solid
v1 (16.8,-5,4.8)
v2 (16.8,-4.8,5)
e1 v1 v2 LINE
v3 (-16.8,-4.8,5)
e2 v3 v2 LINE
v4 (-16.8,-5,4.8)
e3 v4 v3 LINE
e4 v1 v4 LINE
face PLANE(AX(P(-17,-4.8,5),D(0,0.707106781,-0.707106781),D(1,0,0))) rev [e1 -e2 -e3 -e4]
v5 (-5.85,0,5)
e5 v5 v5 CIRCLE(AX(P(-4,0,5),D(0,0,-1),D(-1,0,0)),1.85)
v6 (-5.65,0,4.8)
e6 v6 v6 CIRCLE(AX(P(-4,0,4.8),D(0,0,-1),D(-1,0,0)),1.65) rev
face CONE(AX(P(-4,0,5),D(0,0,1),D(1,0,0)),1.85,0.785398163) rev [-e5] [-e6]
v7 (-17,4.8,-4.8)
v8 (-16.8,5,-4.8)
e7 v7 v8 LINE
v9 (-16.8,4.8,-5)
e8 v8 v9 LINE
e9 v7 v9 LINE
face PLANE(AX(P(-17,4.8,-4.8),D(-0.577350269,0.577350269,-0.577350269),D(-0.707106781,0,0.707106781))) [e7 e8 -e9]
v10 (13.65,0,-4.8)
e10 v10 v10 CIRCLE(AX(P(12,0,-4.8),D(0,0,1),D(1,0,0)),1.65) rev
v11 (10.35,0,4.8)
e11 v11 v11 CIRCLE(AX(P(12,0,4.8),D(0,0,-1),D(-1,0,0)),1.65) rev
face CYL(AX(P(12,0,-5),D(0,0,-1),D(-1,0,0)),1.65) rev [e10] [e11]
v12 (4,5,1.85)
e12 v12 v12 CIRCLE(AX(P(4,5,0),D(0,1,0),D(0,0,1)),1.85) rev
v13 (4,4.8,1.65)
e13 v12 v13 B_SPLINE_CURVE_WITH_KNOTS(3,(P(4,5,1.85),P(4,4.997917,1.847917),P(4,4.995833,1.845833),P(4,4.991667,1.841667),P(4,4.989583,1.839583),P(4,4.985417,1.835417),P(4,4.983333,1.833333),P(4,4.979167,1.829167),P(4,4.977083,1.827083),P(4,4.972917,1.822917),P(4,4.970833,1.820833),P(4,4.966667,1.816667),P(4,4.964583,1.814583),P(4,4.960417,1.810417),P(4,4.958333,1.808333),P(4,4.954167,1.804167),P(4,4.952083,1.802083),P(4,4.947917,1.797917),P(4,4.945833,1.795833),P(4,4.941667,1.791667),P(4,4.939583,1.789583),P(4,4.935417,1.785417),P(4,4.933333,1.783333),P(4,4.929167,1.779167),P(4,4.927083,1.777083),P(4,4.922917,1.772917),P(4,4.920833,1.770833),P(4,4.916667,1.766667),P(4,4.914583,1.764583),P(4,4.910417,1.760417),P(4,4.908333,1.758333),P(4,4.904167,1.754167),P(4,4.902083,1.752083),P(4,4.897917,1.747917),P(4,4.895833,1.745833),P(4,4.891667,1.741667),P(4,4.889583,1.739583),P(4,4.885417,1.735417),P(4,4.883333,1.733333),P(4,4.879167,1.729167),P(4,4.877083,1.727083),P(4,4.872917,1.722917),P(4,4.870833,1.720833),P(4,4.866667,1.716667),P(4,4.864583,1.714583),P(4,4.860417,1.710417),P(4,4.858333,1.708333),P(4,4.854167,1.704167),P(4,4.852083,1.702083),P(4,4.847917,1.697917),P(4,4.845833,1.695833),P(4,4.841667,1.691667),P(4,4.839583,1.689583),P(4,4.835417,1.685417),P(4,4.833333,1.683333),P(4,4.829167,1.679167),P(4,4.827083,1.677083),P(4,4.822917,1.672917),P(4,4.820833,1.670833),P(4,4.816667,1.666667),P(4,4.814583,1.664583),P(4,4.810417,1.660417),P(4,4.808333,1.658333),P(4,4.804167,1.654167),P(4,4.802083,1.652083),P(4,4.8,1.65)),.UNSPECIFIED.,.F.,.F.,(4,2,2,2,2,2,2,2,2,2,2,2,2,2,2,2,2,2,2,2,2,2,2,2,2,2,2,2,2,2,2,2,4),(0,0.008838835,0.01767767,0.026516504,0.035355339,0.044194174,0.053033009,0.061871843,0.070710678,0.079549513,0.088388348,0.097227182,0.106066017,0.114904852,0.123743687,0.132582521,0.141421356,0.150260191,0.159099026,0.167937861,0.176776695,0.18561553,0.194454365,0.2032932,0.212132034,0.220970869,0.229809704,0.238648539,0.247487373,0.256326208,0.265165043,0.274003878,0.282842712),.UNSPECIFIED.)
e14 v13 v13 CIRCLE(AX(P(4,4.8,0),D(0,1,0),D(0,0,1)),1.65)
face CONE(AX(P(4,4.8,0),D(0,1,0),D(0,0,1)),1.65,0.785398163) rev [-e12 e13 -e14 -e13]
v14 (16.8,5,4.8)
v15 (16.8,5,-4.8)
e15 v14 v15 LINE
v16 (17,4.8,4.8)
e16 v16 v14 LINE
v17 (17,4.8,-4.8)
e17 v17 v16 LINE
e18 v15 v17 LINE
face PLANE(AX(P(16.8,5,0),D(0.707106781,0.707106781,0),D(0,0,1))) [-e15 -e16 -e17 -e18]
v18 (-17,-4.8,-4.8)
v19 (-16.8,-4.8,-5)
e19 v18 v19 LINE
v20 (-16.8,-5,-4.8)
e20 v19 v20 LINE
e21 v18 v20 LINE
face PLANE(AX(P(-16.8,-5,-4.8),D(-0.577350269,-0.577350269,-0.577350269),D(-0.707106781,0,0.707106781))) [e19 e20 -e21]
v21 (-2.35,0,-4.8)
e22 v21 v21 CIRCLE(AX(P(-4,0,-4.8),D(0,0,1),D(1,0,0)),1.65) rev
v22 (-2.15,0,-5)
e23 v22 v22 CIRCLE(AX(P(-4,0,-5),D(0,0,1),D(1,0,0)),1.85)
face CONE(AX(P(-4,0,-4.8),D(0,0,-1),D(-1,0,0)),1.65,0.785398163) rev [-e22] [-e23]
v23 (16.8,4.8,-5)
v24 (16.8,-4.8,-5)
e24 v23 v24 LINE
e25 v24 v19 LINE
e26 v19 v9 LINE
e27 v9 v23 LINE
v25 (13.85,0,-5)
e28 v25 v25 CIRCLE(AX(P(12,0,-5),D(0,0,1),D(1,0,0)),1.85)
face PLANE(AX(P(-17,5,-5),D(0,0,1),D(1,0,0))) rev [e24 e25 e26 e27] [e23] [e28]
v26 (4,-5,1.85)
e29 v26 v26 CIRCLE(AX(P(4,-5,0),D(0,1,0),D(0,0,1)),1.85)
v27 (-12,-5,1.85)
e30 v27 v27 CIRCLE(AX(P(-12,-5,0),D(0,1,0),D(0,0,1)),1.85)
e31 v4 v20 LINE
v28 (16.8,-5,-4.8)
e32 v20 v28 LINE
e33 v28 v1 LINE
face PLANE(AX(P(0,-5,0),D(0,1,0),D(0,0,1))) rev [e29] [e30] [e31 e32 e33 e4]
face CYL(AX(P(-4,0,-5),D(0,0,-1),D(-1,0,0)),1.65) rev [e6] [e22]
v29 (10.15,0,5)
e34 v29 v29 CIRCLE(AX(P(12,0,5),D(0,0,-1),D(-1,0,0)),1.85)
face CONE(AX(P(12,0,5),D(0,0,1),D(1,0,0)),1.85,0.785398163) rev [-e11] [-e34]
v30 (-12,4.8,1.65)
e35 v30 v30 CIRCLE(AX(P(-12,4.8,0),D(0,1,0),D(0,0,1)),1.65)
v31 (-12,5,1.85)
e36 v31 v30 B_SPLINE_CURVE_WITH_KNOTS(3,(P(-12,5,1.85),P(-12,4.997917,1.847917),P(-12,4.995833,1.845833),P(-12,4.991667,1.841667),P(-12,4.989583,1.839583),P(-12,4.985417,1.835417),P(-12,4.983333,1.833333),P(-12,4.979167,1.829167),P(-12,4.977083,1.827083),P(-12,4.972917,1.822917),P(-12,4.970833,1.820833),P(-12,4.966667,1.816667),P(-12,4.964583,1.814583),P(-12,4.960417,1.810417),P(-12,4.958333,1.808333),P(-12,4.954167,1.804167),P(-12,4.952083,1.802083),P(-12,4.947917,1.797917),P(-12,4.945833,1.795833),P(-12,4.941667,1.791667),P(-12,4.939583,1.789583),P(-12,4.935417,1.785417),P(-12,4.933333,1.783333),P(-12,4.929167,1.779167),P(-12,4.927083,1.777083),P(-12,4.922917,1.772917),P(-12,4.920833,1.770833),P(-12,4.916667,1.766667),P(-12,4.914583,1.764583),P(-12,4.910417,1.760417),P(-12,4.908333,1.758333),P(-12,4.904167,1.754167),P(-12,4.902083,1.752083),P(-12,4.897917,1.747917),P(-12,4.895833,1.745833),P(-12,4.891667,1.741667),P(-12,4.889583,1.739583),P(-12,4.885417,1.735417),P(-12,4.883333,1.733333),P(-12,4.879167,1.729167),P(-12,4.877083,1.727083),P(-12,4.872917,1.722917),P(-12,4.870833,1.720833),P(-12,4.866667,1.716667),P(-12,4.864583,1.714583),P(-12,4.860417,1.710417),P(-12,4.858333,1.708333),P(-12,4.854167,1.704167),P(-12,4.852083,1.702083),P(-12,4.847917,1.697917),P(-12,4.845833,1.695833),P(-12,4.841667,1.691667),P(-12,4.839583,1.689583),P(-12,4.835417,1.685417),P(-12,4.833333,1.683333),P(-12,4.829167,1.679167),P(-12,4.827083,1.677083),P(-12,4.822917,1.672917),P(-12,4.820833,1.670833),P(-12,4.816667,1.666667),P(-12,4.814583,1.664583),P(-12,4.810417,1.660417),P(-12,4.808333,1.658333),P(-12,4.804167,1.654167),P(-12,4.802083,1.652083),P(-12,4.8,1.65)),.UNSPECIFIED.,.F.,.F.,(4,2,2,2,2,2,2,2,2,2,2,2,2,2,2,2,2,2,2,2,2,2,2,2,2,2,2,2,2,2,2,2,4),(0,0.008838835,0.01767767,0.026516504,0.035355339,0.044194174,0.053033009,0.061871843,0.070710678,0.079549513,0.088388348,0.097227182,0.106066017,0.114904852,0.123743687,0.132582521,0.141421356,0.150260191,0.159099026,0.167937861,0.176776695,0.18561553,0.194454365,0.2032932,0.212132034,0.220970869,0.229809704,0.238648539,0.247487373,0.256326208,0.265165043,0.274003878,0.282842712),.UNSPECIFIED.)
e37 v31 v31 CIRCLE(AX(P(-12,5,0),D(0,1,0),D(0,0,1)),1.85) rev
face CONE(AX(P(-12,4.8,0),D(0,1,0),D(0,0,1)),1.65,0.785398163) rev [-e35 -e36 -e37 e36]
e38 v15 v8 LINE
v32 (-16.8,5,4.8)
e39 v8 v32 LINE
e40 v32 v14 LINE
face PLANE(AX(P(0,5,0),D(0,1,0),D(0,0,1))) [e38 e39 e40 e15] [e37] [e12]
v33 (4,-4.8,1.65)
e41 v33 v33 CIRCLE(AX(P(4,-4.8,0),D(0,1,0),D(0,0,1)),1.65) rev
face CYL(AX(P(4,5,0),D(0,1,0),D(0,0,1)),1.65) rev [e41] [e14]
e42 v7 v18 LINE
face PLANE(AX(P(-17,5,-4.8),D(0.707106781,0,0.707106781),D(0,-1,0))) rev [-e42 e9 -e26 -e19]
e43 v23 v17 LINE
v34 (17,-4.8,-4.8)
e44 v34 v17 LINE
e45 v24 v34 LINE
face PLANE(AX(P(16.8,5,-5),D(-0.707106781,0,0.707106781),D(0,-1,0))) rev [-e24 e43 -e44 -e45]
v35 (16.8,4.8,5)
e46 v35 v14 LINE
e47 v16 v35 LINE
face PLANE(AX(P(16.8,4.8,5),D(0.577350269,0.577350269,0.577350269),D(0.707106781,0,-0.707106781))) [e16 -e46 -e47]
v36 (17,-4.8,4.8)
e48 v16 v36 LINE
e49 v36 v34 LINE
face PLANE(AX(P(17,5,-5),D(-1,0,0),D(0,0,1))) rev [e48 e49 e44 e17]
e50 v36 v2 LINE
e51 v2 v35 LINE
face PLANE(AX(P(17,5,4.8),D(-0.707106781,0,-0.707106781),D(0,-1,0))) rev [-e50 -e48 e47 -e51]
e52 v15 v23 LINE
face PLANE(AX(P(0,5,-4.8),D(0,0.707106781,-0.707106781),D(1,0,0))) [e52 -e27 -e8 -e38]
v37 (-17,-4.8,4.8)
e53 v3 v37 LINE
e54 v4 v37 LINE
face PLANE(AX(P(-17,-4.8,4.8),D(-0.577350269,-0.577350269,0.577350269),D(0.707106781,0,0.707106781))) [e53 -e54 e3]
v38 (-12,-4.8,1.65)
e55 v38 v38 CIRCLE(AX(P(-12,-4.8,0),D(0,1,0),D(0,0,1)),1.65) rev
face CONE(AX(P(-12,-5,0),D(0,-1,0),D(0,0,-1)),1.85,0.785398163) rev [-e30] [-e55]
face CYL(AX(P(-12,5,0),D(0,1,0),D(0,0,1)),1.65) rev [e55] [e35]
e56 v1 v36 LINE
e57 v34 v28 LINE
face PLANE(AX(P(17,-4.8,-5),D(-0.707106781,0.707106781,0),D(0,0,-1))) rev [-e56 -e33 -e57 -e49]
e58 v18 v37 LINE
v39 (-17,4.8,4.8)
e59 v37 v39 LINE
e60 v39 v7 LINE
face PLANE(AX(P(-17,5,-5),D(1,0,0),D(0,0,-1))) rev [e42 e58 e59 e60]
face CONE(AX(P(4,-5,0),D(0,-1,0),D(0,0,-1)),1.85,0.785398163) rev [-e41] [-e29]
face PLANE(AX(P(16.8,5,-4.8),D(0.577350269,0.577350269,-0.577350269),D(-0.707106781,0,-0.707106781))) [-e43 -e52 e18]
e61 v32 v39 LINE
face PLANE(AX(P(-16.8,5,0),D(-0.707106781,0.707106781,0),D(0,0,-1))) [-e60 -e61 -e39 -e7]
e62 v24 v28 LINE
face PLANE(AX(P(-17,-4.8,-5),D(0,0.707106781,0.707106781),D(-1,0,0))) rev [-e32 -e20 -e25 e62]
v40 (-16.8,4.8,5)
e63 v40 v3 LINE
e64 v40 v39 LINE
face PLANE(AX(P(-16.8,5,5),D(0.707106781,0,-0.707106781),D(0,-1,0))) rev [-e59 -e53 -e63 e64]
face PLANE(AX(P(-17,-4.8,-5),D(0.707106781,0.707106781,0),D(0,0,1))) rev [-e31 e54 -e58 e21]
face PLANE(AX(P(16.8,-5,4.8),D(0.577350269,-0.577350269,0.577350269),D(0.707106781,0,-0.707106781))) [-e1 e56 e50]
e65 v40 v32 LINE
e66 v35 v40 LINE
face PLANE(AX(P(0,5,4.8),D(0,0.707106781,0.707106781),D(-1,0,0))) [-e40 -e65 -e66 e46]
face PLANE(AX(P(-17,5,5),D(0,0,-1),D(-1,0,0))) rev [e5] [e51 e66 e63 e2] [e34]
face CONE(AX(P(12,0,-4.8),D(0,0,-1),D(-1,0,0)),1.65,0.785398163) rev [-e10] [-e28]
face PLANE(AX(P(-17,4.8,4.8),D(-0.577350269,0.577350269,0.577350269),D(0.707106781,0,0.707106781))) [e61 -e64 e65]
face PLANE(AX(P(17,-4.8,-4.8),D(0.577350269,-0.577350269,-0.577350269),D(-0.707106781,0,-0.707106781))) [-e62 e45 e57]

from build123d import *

# Parameters (mm, degrees)
SKETCH_1_W         = 34
SKETCH_1_H         = 10
EXTRUDE_1_DEPTH    = 5
HOLE_WIZARD_M4_1_D = 3.3
HOLE_WIZARD_M4_2_D = 3.3
CHAMFER_1_SIZE     = 0.2


with BuildPart() as part:
    # Sketch 1 → Extrude 1 (new, symmetric)
    with BuildSketch(Plane(origin=(0, 0, 0), x_dir=(1, 0, 0), z_dir=(0, 1, 0))):
        Rectangle(SKETCH_1_W, SKETCH_1_H)
    extrude(amount=EXTRUDE_1_DEPTH, both=True)

    # Hole Wizard M4 _1 (through all)
    with Locations(Plane(origin=(0, 5, 0), x_dir=(1, 0, 0), z_dir=(0, 1, 0))):
        with Locations((-12, 0), (4, 0)):
            Hole(HOLE_WIZARD_M4_1_D / 2)

    # Hole Wizard M4 _2 (through all)
    with Locations(Plane(origin=(0, 0, -5), x_dir=(-1, 0, 0), z_dir=(0, 0, -1))):
        with Locations((-12, 0), (4, 0)):
            Hole(HOLE_WIZARD_M4_2_D / 2)

    # Chamfer 1
    chamfer_1_edges = [part.edges().sort_by_distance(p)[0] for p in [
        (-17, 5, 0),
        (5.65, 5, 0),
        (5.65, -5, 0),
        (0, 5, 5),
        (-10.35, 5, 0),
        (-10.35, -5, 0),
        (-5.65, 0, -5),
        (-5.65, 0, 5),
        (10.35, 0, -5),
        (10.35, 0, 5),
        (17, 5, 0),
        (0, -5, 5),
        (-17, -5, 0),
        (0, -5, -5),
        (17, -5, 0),
        (17, 0, 5),
        (-17, 0, 5),
        (-17, 0, -5),
        (17, 0, -5),
        (0, 5, -5),
    ]]
    chamfer(chamfer_1_edges, length=CHAMFER_1_SIZE)


solid = part.part
